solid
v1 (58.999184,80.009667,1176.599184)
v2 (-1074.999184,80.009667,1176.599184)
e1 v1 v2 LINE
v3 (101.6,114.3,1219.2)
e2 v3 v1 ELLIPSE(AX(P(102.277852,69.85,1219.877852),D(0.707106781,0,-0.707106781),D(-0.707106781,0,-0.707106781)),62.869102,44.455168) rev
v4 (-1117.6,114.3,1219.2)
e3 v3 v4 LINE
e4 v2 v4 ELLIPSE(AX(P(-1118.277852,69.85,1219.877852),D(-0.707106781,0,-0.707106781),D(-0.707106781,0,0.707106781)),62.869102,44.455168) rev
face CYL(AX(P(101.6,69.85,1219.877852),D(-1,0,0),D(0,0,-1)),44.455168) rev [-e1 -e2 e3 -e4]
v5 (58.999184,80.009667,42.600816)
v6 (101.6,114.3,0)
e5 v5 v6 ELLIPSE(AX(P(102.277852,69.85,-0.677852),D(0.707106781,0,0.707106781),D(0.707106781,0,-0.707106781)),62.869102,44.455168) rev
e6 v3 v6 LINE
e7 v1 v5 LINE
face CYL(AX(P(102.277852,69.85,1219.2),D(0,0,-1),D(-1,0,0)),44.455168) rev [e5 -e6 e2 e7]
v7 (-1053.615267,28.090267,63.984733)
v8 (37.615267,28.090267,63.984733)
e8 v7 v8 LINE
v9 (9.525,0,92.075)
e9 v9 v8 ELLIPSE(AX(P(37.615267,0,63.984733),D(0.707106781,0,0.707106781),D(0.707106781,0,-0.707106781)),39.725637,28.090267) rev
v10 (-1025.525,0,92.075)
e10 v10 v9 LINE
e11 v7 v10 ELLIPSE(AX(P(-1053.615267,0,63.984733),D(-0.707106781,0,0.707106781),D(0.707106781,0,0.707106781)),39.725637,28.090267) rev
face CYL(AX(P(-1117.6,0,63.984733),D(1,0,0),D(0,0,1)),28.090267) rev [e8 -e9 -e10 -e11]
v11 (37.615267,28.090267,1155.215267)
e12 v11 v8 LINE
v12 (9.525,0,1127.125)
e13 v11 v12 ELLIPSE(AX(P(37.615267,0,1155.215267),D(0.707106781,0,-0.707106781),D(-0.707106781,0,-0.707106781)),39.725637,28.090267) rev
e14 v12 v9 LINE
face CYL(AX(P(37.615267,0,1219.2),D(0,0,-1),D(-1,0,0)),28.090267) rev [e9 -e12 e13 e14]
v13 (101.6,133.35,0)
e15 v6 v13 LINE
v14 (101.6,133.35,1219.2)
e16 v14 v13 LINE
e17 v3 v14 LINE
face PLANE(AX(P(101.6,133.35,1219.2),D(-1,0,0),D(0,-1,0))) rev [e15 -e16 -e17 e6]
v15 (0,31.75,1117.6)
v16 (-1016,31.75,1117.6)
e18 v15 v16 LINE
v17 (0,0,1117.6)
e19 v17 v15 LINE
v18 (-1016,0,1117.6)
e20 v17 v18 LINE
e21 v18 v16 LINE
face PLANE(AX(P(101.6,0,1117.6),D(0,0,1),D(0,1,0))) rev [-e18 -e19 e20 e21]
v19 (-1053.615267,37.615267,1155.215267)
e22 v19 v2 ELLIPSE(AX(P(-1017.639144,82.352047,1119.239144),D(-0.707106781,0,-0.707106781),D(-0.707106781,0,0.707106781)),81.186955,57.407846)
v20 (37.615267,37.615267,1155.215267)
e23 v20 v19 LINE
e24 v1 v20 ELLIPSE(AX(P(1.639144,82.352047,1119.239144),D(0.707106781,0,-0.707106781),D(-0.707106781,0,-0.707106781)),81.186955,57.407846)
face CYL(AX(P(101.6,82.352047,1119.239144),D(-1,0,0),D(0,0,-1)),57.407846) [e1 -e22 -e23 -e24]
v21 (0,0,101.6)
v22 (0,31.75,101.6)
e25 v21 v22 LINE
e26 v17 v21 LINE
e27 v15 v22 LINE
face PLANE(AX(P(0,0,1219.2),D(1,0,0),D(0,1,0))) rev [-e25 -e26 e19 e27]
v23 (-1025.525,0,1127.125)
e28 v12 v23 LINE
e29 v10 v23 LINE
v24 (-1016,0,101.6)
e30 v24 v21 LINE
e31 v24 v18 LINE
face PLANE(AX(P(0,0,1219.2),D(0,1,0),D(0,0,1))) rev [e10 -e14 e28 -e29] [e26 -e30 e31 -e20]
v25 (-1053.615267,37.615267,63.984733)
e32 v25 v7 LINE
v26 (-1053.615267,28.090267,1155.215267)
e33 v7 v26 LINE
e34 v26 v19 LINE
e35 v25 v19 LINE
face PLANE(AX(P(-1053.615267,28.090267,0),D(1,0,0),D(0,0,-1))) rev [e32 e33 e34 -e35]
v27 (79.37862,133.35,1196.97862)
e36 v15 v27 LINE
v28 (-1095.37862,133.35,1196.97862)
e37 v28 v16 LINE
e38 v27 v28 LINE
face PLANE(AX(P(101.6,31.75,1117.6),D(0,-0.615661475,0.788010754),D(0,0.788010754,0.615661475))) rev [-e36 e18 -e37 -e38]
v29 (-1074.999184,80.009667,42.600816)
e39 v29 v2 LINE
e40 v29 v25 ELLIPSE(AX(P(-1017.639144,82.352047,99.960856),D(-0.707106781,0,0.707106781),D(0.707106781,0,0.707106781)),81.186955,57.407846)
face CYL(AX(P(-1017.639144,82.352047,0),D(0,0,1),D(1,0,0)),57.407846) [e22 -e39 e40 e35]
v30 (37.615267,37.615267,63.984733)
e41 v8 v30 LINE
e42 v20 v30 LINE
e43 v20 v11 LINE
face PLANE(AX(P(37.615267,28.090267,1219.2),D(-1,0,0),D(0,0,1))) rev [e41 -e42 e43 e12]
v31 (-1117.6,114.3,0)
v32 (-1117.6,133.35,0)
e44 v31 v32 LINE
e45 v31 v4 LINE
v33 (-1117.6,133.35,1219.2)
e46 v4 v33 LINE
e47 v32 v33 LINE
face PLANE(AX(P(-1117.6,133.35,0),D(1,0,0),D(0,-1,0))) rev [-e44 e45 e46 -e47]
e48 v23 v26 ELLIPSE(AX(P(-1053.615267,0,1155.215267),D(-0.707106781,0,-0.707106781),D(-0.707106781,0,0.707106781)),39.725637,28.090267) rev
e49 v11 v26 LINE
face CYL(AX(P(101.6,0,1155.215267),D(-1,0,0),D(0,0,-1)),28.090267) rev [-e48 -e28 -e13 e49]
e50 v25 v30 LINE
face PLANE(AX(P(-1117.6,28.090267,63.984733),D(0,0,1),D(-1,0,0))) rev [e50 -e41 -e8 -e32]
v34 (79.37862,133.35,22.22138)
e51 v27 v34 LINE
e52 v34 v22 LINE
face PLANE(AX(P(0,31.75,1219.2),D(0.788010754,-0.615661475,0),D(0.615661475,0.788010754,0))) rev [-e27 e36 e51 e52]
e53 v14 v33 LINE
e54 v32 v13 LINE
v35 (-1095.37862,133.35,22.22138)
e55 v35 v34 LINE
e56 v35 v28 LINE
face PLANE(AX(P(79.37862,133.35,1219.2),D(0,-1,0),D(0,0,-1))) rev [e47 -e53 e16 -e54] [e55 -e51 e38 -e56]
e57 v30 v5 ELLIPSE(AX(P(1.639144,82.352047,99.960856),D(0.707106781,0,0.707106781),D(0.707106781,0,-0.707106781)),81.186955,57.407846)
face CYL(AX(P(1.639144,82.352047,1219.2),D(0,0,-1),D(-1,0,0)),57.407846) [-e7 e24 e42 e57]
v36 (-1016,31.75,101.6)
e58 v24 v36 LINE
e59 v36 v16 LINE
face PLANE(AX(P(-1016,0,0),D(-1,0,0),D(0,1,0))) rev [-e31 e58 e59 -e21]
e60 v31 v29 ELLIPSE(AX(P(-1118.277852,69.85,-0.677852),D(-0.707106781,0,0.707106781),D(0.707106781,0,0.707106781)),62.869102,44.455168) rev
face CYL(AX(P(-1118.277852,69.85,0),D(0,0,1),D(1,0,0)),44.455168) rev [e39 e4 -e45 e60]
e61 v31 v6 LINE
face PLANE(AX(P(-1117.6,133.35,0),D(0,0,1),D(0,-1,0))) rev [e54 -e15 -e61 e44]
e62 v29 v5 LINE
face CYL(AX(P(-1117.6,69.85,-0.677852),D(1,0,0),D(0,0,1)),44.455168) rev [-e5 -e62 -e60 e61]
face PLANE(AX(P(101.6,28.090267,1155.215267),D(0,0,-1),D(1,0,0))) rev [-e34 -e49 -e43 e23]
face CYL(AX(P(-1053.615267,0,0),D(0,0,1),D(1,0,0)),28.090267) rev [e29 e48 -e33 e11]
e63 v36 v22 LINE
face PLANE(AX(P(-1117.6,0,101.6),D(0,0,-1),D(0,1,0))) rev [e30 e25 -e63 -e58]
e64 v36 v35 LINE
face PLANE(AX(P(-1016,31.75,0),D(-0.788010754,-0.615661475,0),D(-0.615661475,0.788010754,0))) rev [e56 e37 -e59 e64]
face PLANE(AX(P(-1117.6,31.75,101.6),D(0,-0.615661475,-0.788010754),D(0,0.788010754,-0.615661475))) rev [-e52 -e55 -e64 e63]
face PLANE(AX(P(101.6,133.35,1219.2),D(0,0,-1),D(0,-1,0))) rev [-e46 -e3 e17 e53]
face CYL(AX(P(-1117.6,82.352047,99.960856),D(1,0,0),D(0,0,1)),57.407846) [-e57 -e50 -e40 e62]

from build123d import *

# Parameters (mm, degrees)
BOSS_EXTRUDE1_DEPTH = 1219.2
CUT_EXTRUDE1_DEPTH  = 134.35


with BuildPart() as part:
    # Sketch2 → Boss-Extrude1 (new body)
    with BuildSketch(Plane.XY):
        with BuildLine():
            Line((0, 0), (0, 31.75))
            Line((0, 31.75), (79.378619653, 133.35))
            Line((79.378619653, 133.35), (101.6, 133.35))
            Line((101.6, 133.35), (101.6, 114.3))
            ThreePointArc((101.6, 114.3), (74.403120681, 104.480352771), (58.99918365, 80.009667445))
            ThreePointArc((58.99918365, 80.009667445), (52.895666714, 56.49803793), (37.615267176, 37.615267176))
            Line((37.615267176, 37.615267176), (37.615267176, 28.090267176))
            ThreePointArc((37.615267176, 28.090267176), (17.75244877, 19.862818405), (9.525, 0))
            Line((9.525, 0), (0, 0))
        make_face()
    extrude(amount=BOSS_EXTRUDE1_DEPTH)

    # Sketch3 → Cut-Extrude1 (cut, through all)
    with BuildSketch(Plane(origin=(0, 133.35, 0), x_dir=(1, 0, 0), z_dir=(0, 1, 0))):
        Polygon((101.6, 0), (0, 0), (0, -101.6), align=None)
        Polygon((101.6, -1219.2), (0, -1219.2), (0, -1117.6), align=None)
    extrude(amount=-CUT_EXTRUDE1_DEPTH, mode=Mode.SUBTRACT)

    # Mirror4: part across plane


with BuildPart() as part_1:
    add(part.part)
    add(part.part.mirror(Plane(origin=(0, 0, 1117.6), x_dir=(0.707106781, 0, 0.707106781), z_dir=(0.707106781, 0, -0.707106781))))

    # Mirror5: part across plane


with BuildPart() as part_2:
    add(part_1.part)
    add(part_1.part.mirror(Plane(origin=(-1016, 0, 1117.6), x_dir=(-0.707106781, 0, 0.707106781), z_dir=(0.707106781, 0, 0.707106781))))


solid = part_2.part
